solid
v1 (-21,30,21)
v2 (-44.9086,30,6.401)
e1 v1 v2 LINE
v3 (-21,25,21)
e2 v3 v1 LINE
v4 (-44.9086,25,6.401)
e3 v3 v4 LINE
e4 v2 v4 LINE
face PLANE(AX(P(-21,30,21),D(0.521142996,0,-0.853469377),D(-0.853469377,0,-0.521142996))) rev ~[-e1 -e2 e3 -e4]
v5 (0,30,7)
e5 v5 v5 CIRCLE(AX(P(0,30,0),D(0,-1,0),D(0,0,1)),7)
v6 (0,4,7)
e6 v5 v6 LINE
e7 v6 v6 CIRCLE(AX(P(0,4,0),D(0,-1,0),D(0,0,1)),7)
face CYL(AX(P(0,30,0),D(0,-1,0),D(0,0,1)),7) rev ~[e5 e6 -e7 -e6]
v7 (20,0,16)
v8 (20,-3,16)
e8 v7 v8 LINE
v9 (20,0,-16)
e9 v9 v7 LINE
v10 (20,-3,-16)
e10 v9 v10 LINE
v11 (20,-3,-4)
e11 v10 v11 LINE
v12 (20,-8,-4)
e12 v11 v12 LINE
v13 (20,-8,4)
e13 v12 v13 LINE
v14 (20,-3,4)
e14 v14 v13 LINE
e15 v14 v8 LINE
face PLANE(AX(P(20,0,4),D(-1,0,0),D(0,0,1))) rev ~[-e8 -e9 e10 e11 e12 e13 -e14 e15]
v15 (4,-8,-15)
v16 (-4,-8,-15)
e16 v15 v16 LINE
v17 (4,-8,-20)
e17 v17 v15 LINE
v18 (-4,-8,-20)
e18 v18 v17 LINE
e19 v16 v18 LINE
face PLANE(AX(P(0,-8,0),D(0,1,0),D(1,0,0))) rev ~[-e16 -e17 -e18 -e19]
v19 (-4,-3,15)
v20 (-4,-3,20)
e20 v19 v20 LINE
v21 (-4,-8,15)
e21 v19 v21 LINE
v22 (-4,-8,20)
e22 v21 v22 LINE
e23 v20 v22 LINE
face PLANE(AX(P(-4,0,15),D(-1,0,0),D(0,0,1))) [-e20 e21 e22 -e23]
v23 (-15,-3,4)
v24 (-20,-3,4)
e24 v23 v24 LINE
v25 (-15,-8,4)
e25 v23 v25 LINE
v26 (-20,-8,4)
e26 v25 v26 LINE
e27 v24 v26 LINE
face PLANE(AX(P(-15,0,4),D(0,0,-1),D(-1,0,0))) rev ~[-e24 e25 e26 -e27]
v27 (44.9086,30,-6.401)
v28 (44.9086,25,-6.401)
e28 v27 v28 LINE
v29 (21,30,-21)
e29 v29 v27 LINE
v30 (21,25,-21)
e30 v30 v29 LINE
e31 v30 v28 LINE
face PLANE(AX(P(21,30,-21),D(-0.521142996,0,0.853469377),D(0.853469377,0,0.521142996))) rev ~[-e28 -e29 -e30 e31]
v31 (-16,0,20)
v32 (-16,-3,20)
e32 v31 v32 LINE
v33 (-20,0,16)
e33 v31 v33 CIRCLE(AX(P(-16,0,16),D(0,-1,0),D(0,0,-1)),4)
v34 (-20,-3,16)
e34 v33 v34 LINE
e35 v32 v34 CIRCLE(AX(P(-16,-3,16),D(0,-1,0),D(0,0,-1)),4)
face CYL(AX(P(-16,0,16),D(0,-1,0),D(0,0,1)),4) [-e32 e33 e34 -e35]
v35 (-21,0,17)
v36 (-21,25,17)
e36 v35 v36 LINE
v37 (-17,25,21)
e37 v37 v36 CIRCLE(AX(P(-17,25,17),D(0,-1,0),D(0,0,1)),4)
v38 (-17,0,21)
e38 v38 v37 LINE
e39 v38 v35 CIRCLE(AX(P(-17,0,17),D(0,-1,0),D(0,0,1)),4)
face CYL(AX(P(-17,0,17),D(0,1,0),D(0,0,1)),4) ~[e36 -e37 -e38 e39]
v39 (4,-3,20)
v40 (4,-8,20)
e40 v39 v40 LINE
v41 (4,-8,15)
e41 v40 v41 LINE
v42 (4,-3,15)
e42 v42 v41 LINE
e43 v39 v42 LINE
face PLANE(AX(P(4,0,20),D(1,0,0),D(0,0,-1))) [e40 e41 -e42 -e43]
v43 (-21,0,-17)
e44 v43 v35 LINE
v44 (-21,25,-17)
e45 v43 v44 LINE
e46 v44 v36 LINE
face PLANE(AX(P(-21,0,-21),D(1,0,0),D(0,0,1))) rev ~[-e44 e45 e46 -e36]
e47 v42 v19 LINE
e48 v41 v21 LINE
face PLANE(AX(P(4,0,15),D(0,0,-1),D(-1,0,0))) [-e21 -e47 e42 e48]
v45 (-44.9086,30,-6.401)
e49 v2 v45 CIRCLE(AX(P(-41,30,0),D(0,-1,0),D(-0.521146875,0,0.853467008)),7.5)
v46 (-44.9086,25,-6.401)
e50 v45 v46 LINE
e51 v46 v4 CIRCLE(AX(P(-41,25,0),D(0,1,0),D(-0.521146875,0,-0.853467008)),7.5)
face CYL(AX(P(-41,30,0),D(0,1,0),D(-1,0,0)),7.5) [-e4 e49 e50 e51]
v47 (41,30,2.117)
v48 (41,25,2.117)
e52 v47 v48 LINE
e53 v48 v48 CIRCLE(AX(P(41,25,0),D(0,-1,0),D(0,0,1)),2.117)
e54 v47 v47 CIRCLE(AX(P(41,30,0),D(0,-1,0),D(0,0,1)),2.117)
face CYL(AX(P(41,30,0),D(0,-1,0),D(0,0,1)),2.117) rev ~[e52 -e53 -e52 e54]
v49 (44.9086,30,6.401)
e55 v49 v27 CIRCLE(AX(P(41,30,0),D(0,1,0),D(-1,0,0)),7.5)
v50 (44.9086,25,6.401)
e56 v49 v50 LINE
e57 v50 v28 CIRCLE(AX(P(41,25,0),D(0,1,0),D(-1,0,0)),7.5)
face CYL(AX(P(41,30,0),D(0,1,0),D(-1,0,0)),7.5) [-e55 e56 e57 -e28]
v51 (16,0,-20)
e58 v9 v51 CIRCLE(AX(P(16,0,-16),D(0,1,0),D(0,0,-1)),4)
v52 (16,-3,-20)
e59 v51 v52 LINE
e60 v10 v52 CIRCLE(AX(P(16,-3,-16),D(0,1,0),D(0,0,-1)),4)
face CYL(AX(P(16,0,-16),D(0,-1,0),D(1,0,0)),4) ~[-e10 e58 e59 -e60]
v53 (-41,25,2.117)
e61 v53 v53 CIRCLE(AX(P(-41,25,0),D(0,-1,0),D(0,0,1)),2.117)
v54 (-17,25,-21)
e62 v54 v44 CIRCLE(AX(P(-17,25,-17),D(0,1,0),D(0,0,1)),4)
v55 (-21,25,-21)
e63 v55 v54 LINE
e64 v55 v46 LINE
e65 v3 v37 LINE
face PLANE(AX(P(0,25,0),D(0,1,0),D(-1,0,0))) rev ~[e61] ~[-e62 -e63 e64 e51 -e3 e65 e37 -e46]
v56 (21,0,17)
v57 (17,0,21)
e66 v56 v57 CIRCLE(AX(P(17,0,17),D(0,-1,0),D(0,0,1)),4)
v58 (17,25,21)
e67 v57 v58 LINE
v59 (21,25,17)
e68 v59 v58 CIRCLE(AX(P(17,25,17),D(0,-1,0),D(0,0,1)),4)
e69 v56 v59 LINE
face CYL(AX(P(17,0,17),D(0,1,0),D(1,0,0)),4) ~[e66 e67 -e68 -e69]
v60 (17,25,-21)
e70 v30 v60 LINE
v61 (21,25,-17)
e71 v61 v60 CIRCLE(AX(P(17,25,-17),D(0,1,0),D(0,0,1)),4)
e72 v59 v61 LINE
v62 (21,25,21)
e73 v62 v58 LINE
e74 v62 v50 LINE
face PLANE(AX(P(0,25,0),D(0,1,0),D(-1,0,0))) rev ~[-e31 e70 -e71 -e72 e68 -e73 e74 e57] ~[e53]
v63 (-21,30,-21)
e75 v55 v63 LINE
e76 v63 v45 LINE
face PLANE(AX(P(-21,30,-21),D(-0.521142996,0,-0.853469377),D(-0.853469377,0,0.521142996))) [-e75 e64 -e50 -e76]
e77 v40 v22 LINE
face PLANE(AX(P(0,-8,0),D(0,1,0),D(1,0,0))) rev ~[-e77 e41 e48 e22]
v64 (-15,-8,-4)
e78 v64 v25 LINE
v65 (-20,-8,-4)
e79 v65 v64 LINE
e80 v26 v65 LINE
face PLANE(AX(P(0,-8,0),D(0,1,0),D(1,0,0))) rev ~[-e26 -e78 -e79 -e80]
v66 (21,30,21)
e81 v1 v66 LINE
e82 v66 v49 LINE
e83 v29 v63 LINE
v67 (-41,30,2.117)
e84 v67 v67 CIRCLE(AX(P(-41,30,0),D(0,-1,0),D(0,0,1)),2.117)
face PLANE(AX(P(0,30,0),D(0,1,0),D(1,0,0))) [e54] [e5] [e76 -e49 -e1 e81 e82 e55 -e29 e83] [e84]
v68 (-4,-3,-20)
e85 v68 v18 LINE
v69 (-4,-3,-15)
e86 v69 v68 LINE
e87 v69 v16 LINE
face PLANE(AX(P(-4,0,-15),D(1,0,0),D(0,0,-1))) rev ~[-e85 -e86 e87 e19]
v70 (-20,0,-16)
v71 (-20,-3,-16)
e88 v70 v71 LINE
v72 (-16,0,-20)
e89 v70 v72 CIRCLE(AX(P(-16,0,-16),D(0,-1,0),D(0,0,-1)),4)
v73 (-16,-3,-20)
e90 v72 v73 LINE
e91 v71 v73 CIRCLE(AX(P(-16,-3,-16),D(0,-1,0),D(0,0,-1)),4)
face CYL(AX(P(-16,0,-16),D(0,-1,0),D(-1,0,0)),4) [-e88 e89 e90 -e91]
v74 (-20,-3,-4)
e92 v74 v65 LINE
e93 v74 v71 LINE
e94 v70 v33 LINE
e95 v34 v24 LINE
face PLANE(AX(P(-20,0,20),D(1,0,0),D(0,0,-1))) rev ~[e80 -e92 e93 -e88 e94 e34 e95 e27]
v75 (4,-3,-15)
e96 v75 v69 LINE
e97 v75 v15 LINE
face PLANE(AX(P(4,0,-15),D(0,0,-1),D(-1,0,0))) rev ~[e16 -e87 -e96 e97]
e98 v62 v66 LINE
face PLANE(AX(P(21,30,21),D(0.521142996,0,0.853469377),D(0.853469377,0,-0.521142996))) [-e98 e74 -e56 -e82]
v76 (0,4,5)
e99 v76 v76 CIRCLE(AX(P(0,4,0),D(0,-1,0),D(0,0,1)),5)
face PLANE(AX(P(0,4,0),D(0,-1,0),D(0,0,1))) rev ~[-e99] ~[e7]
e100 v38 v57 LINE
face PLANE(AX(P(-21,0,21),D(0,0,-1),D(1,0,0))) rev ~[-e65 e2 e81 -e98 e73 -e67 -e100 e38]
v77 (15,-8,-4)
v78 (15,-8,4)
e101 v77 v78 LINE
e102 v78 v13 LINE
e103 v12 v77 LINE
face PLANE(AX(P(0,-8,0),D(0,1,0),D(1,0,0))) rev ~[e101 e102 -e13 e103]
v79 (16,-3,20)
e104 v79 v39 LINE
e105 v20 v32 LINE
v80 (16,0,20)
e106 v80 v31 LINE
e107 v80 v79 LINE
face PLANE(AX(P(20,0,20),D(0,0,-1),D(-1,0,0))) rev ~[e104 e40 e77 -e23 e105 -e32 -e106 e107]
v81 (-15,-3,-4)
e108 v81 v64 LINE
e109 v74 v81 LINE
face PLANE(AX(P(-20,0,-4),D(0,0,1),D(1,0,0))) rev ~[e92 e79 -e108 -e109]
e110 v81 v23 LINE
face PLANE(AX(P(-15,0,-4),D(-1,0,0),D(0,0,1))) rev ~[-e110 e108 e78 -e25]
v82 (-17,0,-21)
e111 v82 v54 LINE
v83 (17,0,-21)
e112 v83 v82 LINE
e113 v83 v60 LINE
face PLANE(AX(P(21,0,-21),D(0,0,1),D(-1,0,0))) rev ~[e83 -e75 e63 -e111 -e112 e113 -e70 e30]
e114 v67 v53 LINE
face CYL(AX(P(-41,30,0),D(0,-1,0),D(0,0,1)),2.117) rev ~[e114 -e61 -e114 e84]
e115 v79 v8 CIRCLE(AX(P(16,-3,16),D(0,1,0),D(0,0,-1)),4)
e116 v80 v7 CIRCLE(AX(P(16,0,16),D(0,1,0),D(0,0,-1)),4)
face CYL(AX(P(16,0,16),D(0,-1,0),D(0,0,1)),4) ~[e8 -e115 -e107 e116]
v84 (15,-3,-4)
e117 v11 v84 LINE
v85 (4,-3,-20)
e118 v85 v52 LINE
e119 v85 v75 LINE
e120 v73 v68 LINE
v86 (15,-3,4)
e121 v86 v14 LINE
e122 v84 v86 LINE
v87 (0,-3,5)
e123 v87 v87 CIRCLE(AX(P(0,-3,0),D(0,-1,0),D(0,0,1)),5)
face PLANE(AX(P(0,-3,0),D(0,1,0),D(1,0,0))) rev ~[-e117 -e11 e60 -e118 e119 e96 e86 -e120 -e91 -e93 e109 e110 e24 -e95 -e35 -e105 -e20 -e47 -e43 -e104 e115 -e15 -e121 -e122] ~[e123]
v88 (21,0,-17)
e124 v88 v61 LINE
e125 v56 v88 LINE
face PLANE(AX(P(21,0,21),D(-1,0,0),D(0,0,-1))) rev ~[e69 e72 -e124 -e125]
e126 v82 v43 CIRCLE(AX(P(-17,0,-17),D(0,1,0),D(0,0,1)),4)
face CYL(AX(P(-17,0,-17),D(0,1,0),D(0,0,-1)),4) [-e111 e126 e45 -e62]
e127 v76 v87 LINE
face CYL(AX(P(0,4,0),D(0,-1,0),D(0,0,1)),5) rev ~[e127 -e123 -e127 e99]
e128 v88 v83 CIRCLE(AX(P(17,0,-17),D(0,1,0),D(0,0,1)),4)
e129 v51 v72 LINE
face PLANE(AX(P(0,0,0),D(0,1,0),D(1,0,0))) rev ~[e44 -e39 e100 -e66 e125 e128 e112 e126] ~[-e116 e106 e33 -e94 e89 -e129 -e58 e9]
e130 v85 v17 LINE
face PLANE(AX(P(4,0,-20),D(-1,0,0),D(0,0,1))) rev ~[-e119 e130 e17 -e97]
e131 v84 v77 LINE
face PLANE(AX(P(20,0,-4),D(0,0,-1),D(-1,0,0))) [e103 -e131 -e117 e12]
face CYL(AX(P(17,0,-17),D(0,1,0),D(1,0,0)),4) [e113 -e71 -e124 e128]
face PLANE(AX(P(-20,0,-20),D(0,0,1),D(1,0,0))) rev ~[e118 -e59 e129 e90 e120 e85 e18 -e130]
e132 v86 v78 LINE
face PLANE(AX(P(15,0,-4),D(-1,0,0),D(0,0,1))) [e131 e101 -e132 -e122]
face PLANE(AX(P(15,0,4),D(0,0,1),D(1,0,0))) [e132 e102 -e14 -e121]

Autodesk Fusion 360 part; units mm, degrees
sketch "Sketch1" plane through (0, 0, 0) normal (0, 1, 0) x (1, 0, 0)
  line L0 (20, -20) -> (-20, -20)
  line L1 (-20, -20) -> (-20, 20)
  line L2 (-20, 20) -> (20, 20)
  line L3 (20, 20) -> (20, -20)
  line L4 (20, -20) -> (-20, 20) construction
  line L5 (-20, -20) -> (20, 20) construction
  line L6 (-20, 4) -> (-15, 4)
  line L7 (-15, 4) -> (-15, -4)
  line L8 (-15, -4) -> (-20, -4)
  line L9 (-20, -4) -> (-20, 4)
  line L10 (-4, 20) -> (4, 20)
  line L11 (4, 20) -> (4, 15)
  line L12 (4, 15) -> (-4, 15)
  line L13 (-4, 15) -> (-4, 20)
  line L14 (20, 4) -> (15, 4)
  line L15 (15, 4) -> (15, -4)
  line L16 (15, -4) -> (20, -4)
  line L17 (20, -4) -> (20, 4)
  line L18 (-4, -20) -> (4, -20)
  line L19 (4, -20) -> (4, -15)
  line L20 (4, -15) -> (-4, -15)
  line L21 (-4, -15) -> (-4, -20)
  dimension "d1" = 40
  dimension "d2" = 40
  dimension "d3" = 5
  dimension "d4" = 8
  dimension "d5" = 16
  dimension "d6" = 5
  dimension "d7" = 16
  dimension "d8" = 8
  dimension "d9" = 5
  dimension "d10" = 5
  dimension "d11" = 8
  dimension "d12" = 8
  dimension "d13" = 16
  dimension "d14" = 16
extrude "Extrude1" add sketch "Sketch1" against normal blind 3 contours L0 L1 L2 L3 L6 L7 L8 L11 L12 L13 L14 L15 L16 L19 L20 L21
extrude "Extrude2" add sketch "Sketch1" against normal blind 8 contours L0 L18 L19 L20 L21 | L3 L14 L15 L16 L17 | L1 L6 L7 L8 L9 | L2 L10 L11 L12 L13
hole "Hole1" at (0, 0, 0) direction (0, -1, 0) diameter 9 depth 30 tip angle 118
fillet "Fillet1" radius 4 4 edges at (20, -1.5, -20) (-20, -1.5, -20) (20, -1.5, 20) (-20, -1.5, 20)
sketch "Sketch2" plane through (0, 0, 0) normal (0, 1, 0) x (1, 0, 0)
  line L0 (21, 21) -> (-21, 21)
  line L1 (-21, 21) -> (-21, -21)
  line L2 (-21, -21) -> (21, -21)
  line L3 (21, -21) -> (21, 21)
  line L4 (21, 21) -> (-21, -21) construction
  line L5 (-21, 21) -> (21, -21) construction
  dimension "d24" = 42
  dimension "d25" = 42
extrude "Extrude3" add sketch "Sketch2" sketch "Sketch1" along normal blind 30 of sketch 2 contours L0 L1 L2 L3 L6 L7 L8 L11 L12 L13 L14 L15 L16 L19 L20 L21
sketch "Sketch3" plane through (0, 30, 0) normal (0, 1, 0) x (-1, 0, 0)
  line L0 (-21, 21) -> (-21, -21)
  line L1 (-21, -21) -> (21, -21)
  line L2 (21, -21) -> (21, 21)
  line L3 (21, 21) -> (-21, 21)
  circle A0 centre (41, 0) radius 7.5
  circle A1 centre (-41, 0) radius 7.5
  line L4 (-21, -21) -> (-44.9086, -6.401)
  line L5 (-21, 21) -> (-44.9086, 6.401)
  line L6 (21, 21) -> (44.9086, 6.401)
  line L7 (21, -21) -> (44.9086, -6.401)
  point P0 (41, 0)
  point P1 (-41, 0)
  dimension "d28" = 21
  dimension "d29" = 41
  dimension "d30" = 41
  dimension "d31" = 15
  dimension "d32" = 15
extrude "Extrude4" add sketch "Sketch3" against normal blind 5 contours L0 A1 L4 L5 | L2 A0 L6 L7 | A1 | A0
sketch "Sketch4" plane through (0, 0, 0) normal (0, -1, 0) x (1, 0, 0)
  circle A0 centre (0, 0) radius 4.5
  circle A1 centre (0, 0) radius 4.5
sketch "Sketch5" plane through (0, 0, 0) normal (0, 1, 0) x (-1, 0, 0)
sketch "Sketch6" plane through (0, 30, 0) normal (0, 1, 0) x (-1, 0, 0)
  circle A0 centre (0, 0) radius 4.5
hole "Hole2" at (0, 30, 0) direction (0, -1, 0) diameter 10 depth 90 tip angle 118 counterbore diameter 14 counterbore depth 26
hole "Hole3" at (-41, 30, 0) at (41, 30, 0) direction (0, -1, 0) diameter 4.234 depth 90 tip angle 118
fillet "Fillet2" radius 4 4 edges at (21, 12.5, -21) (-21, 12.5, -21) (-21, 12.5, 21) (21, 12.5, 21)
equation "d6 = d3"
equation "d7 = d5"
equation "d8 = d4"
equation "d9 = d3"
equation "d10 = d3"
equation "d11 = d4"
equation "d12 = d4"
equation "d13 = d7"
equation "d14 = d7"
